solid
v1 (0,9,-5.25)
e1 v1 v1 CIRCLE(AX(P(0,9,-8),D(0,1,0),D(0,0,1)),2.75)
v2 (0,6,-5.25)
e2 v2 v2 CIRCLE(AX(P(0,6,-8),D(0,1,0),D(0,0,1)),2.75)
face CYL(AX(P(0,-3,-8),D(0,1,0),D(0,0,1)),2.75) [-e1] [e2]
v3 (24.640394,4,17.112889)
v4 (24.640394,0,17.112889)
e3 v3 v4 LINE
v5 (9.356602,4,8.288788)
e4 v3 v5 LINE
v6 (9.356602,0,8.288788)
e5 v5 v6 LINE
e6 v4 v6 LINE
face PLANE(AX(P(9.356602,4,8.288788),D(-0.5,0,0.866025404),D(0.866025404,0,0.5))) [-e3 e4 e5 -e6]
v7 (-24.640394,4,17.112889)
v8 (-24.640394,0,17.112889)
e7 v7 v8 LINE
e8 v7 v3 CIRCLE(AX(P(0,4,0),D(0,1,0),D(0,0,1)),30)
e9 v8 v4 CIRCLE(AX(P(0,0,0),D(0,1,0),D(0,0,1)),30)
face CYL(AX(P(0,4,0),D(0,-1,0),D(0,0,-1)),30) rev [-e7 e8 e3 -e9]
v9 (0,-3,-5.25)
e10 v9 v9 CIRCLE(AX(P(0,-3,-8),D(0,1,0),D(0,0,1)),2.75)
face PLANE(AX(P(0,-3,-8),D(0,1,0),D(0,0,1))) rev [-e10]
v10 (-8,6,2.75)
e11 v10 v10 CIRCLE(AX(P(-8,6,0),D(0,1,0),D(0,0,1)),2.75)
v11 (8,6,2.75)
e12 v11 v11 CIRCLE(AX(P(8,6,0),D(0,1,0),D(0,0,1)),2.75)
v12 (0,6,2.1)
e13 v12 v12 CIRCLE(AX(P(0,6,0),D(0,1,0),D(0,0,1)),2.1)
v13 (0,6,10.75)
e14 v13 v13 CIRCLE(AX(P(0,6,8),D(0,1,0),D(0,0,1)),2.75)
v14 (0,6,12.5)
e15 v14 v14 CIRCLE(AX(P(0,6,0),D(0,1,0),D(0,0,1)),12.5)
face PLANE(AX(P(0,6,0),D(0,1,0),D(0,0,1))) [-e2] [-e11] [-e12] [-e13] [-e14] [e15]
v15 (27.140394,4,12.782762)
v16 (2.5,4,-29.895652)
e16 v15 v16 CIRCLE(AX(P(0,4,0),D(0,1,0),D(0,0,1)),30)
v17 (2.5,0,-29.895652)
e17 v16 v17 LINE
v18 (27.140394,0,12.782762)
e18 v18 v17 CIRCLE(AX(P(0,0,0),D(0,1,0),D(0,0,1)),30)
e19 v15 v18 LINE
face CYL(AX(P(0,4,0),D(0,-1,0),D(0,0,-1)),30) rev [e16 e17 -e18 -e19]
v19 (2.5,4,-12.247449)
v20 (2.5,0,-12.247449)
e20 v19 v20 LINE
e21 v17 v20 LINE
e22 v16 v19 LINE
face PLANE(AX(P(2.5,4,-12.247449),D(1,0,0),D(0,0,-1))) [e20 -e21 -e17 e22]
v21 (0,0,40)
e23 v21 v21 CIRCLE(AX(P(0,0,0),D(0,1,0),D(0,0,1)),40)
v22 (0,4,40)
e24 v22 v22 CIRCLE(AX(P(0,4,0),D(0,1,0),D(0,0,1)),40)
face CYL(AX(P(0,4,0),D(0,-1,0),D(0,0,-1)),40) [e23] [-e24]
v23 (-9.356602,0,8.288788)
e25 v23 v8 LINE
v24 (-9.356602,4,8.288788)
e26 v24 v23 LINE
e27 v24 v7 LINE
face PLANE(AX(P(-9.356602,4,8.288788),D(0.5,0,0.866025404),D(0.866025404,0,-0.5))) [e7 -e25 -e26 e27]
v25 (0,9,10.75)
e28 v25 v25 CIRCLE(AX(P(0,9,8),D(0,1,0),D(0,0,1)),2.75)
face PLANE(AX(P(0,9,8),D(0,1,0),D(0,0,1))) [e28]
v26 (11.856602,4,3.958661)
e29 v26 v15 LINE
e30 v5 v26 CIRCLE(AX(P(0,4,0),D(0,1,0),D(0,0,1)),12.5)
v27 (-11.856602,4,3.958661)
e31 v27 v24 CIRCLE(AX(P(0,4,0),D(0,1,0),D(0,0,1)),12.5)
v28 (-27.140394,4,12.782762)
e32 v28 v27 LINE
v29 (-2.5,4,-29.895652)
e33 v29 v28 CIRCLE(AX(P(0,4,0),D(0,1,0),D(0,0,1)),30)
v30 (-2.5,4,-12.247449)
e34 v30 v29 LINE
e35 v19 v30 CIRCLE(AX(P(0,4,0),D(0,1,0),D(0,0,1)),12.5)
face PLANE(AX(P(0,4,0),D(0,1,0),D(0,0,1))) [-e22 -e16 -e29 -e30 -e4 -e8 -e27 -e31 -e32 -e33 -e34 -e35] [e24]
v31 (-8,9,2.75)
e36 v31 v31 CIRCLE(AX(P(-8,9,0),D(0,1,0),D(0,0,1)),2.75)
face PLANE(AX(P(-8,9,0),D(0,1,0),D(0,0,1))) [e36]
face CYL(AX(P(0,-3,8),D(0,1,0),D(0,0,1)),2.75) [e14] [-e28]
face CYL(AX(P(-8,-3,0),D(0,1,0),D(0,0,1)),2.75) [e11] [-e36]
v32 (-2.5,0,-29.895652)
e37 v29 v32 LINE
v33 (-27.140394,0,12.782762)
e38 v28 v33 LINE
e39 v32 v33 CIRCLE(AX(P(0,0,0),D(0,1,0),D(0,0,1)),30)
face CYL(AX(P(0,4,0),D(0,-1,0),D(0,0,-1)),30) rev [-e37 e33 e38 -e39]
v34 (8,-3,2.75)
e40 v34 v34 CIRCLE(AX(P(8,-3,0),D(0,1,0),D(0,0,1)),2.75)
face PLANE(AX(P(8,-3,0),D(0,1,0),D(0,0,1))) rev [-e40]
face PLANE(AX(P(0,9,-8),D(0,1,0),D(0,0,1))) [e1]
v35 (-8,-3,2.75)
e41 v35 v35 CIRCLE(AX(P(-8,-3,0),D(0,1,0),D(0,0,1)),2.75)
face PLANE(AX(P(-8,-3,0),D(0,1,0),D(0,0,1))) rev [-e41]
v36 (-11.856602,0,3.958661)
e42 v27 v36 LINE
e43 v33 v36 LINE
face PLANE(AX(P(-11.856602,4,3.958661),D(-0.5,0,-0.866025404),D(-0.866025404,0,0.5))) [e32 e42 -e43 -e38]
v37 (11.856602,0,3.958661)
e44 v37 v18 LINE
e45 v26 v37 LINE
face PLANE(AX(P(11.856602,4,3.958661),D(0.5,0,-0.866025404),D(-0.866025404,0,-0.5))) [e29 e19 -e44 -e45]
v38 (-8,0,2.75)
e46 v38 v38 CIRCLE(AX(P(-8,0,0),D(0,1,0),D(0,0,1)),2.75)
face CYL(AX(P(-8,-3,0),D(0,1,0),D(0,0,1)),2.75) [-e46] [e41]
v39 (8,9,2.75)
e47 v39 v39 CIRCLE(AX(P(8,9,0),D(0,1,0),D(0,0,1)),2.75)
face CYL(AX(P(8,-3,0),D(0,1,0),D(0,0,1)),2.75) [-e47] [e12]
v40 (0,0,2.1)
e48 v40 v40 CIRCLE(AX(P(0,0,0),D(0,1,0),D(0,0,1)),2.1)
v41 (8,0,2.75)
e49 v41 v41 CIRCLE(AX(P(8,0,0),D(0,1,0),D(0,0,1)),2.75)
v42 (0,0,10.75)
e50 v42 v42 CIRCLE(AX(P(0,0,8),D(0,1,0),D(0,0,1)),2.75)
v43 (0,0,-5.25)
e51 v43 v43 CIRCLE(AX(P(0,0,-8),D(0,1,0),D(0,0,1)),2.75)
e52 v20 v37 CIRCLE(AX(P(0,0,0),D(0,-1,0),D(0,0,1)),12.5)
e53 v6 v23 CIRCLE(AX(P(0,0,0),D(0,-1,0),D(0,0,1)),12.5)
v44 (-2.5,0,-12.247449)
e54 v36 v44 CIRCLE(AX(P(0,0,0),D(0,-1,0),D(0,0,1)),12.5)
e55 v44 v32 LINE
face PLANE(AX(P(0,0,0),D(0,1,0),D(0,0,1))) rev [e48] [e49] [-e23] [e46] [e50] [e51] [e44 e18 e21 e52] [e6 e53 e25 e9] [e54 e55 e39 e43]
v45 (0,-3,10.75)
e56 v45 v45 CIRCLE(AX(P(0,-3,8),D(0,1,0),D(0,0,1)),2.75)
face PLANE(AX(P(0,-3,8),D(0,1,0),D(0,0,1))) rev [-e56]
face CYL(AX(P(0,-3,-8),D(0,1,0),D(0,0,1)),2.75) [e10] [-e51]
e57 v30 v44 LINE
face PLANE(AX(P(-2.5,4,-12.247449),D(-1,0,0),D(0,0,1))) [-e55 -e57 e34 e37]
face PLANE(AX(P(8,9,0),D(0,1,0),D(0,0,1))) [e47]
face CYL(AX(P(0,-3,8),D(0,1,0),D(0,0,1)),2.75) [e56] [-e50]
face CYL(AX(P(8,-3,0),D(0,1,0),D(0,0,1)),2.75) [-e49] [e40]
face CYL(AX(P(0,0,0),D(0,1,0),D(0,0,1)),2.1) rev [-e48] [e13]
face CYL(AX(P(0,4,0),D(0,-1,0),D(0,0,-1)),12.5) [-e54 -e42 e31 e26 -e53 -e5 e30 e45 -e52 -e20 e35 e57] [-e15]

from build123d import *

# Parameters (mm, degrees)
ESBO_O1_R                     = 40
RESSALTO_EXTRUS_O1_DEPTH      = 4
ESBO_O2_R                     = 2.1
CORTE_EXTRUS_O1_DEPTH         = 4
ESBO_O3_R                     = 12.5
ESBO_O3_R_2                   = 2.1
RESSALTO_EXTRUS_O2_DEPTH      = 2
RESSALTO_EXTRUS_O3_DEPTH      = 3
RESSALTO_EXTRUS_O3_DEPTH_BACK = 9
ESBO_O4_R                     = 2.75


with BuildPart() as part:
    # Esboço1 → Ressalto-extrusão1 (new body)
    with BuildSketch(Plane(origin=(0, 0, 0), x_dir=(1, 0, 0), z_dir=(0, 1, 0))):
        Circle(ESBO_O1_R)
        with BuildLine():
            Line((-9.356601718, -8.288787866), (-24.640393972, -17.112889438))
            ThreePointArc((-24.640393972, -17.112889438), (0, -30), (24.640393972, -17.112889438))
            Line((24.640393972, -17.112889438), (9.356601718, -8.288787866))
            ThreePointArc((9.356601718, -8.288787866), (0, -12.5), (-9.356601718, -8.288787866))
        make_face(mode=Mode.SUBTRACT)
        with BuildLine():
            Line((-11.856601718, -3.958660847), (-27.140393972, -12.782762419))
            ThreePointArc((-27.140393972, -12.782762419), (-25.980762114, 15), (-2.5, 29.895651858))
            Line((-2.5, 29.895651858), (-2.5, 12.247448714))
            ThreePointArc((-2.5, 12.247448714), (-10.825317547, 6.25), (-11.856601718, -3.958660847))
        make_face(mode=Mode.SUBTRACT)
        with BuildLine():
            Line((2.5, 12.247448714), (2.5, 29.895651858))
            ThreePointArc((2.5, 29.895651858), (25.980762114, 15), (27.140393972, -12.782762419))
            Line((27.140393972, -12.782762419), (11.856601718, -3.958660847))
            ThreePointArc((11.856601718, -3.958660847), (10.825317547, 6.25), (2.5, 12.247448714))
        make_face(mode=Mode.SUBTRACT)
    extrude(amount=RESSALTO_EXTRUS_O1_DEPTH)

    # Esboço2 → Corte-extrusão1 (cut)
    with BuildSketch(Plane(origin=(0, 4, 0), x_dir=(1, 0, 0), z_dir=(0, 1, 0))):
        Circle(ESBO_O2_R)
    extrude(amount=-CORTE_EXTRUS_O1_DEPTH, mode=Mode.SUBTRACT)

    # Esboço3 → Ressalto-extrusão2 (add)
    with BuildSketch(Plane(origin=(0, 4, 0), x_dir=(1, 0, 0), z_dir=(0, 1, 0))):
        Circle(ESBO_O3_R)
        Circle(ESBO_O3_R_2, mode=Mode.SUBTRACT)
    extrude(amount=RESSALTO_EXTRUS_O2_DEPTH)

    # Esboço4 → Ressalto-extrusão3 (add, two sides: drawn at the far end of the back side and taken through both)
    with BuildSketch(Plane(origin=(0, 6, 0), x_dir=(1, 0, 0), z_dir=(0, 1, 0)).offset(-RESSALTO_EXTRUS_O3_DEPTH_BACK)):
        with Locations((0, 8)):
            Circle(ESBO_O4_R)
        with Locations((8, 0)):
            Circle(ESBO_O4_R)
        with Locations((0, -8)):
            Circle(ESBO_O4_R)
        with Locations((-8, 0)):
            Circle(ESBO_O4_R)
    extrude(amount=RESSALTO_EXTRUS_O3_DEPTH + RESSALTO_EXTRUS_O3_DEPTH_BACK)


solid = part.part
